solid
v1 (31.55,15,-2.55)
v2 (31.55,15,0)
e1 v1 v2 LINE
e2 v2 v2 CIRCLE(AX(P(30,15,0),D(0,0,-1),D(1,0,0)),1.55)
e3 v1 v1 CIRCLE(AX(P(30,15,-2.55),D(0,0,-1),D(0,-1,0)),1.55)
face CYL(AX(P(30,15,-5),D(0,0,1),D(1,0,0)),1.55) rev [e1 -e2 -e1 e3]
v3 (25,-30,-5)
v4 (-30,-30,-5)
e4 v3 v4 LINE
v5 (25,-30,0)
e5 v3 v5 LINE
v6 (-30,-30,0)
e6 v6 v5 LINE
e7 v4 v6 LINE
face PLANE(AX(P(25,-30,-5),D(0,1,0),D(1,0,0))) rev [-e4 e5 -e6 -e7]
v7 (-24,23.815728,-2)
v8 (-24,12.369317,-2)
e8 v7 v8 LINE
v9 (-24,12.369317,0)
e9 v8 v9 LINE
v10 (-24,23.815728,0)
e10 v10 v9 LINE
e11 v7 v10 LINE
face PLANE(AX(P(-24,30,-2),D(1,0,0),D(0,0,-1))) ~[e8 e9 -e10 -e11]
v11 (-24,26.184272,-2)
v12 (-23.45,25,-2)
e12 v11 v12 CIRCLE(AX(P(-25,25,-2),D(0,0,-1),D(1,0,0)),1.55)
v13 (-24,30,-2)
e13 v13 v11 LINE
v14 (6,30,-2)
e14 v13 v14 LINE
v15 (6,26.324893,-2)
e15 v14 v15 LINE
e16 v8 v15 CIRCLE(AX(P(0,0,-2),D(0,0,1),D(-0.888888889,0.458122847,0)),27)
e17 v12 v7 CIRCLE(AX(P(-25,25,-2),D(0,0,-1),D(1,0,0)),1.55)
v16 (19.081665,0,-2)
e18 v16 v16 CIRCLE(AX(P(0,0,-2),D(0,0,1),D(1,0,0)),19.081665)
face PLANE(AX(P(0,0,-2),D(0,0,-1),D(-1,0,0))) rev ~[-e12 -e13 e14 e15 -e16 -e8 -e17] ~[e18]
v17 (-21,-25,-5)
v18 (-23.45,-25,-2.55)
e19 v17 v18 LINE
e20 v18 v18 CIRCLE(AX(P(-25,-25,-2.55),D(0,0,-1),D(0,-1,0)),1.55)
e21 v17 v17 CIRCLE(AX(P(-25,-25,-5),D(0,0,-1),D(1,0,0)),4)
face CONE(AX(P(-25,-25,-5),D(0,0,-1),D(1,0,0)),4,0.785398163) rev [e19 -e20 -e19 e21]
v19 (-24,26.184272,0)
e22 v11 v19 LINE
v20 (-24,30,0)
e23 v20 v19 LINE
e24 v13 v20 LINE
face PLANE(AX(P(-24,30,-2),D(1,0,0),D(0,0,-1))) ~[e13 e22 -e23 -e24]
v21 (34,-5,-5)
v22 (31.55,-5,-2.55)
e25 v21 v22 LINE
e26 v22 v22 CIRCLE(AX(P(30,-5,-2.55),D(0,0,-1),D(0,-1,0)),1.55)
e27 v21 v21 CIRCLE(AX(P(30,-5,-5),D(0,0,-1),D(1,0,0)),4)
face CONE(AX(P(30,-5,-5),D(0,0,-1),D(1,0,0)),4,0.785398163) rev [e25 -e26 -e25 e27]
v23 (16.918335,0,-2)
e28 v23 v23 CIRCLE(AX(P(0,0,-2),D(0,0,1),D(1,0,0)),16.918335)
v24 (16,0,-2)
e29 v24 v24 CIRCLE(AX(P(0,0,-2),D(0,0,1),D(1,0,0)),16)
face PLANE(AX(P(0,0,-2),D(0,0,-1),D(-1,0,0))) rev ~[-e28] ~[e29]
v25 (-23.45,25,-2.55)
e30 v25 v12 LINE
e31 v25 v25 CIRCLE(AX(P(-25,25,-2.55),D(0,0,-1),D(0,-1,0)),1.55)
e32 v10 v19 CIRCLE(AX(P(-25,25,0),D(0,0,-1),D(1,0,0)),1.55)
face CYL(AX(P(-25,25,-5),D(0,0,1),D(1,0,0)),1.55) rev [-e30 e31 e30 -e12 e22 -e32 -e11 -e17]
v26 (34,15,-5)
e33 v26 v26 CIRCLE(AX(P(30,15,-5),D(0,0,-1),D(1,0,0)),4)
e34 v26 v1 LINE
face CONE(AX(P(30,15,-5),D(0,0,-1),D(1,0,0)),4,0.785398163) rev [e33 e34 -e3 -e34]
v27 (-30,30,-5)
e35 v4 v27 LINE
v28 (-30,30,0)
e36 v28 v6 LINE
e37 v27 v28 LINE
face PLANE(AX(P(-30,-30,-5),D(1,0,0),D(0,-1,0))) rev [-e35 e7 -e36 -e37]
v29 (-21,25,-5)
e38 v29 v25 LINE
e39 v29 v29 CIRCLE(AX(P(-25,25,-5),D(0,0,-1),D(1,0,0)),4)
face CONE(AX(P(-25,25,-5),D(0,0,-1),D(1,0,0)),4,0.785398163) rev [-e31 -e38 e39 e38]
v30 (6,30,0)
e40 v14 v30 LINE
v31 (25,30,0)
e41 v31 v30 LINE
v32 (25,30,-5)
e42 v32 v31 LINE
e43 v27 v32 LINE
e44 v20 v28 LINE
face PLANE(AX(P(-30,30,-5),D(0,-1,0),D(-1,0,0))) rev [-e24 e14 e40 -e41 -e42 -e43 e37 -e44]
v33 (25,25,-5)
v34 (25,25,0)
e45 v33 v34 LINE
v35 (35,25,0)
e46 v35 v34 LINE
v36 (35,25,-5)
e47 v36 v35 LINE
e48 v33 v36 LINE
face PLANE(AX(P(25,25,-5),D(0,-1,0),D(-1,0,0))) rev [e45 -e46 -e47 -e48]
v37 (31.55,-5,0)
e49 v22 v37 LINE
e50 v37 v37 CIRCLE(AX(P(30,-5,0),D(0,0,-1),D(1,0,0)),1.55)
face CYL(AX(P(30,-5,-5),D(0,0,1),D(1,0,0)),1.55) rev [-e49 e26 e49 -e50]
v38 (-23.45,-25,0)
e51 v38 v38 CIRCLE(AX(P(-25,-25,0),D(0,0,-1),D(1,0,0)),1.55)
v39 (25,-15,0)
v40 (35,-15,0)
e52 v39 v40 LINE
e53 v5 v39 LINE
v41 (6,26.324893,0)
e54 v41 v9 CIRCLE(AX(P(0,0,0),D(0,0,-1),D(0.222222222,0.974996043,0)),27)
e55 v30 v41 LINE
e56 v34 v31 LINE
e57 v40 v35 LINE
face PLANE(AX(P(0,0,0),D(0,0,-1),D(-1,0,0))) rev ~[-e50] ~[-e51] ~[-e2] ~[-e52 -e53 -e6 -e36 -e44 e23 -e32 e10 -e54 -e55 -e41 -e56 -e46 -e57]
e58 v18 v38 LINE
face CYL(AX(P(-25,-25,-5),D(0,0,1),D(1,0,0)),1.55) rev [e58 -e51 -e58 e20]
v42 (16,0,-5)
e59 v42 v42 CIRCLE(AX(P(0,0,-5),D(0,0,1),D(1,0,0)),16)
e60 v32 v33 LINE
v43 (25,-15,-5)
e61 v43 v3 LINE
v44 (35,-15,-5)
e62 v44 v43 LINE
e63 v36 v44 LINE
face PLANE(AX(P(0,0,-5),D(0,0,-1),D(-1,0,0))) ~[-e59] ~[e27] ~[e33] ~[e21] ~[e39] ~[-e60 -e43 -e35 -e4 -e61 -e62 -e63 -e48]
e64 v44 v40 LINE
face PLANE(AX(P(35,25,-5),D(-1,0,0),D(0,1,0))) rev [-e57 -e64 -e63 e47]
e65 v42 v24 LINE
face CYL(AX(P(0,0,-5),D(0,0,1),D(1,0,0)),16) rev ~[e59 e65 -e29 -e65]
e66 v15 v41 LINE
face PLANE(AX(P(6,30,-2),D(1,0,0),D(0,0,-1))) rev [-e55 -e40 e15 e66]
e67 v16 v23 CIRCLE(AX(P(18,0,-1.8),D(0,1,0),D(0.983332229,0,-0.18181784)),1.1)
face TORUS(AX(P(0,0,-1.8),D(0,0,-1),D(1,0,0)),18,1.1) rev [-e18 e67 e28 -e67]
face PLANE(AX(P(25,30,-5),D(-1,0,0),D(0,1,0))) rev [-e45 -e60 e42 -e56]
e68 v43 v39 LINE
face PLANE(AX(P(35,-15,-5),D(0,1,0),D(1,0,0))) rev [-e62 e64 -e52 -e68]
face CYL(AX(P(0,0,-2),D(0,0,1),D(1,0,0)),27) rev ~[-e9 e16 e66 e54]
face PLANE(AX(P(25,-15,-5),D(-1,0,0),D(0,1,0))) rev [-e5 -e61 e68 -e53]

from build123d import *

# Parameters (mm, degrees)
SKETCH007_W      = 229.65287
SKETCH007_H      = 196.321915
POCKET003_DEPTH  = 10
HOLE_D           = 3.1
HOLE_DEPTH       = 25
HOLE_CSINK_D     = 8
HOLE_CSINK_ANGLE = 90
SKETCH009_W      = 30
SKETCH009_H      = 2
POCKET004_DEPTH  = 30


with BuildPart() as bearing_outside:
    # Sketch003 → Revolution001 (revolve)
    with BuildSketch(Plane.XZ):
        with BuildLine():
            Line((27, 2), (27, 0))
            Line((27, 0), (50, 0))
            Line((50, 0), (50, 5))
            Line((50, 5), (16, 5))
            Line((16, 5), (16, 2))
            Line((16, 2), (16.918335, 2))
            ThreePointArc((19.081665, 2), (18, 2.9), (16.918335, 2))
            Line((19.081665, 2), (20, 2))
            Line((20, 2), (27, 2))
        make_face()
    revolve(axis=Axis((0, 0, 0), (0, 0, 1)))

    # Sketch007 (on Face6 of Revolution001) → Pocket003 (cut)
    with BuildSketch(Plane(origin=(0, 0, 5), x_dir=(-1, 0, 0), z_dir=(0, 0, 1))):
        with Locations((6.373165, -15.747734)):
            Rectangle(SKETCH007_W, SKETCH007_H)
        Polygon((30, 30), (30, -30), (-25, -30), (-25, -25), (-35, -25), (-35, 15), (-25, 15), (-25, 30), align=None, mode=Mode.SUBTRACT)
    extrude(amount=-POCKET003_DEPTH, mode=Mode.SUBTRACT)

    # Hole
    with Locations(Plane(origin=(0, 0, 5), x_dir=(-1, 0, 0), z_dir=(0, 0, 1))):
        with Locations((25, 25), (25, -25), (-30, -15), (-30, 5)):
            CounterSinkHole(HOLE_D / 2, HOLE_CSINK_D / 2, depth=HOLE_DEPTH, counter_sink_angle=HOLE_CSINK_ANGLE)

    # Sketch009 (on Face13 of Hole) → Pocket004 (cut)
    with BuildSketch(Plane(origin=(0, 30, 0), x_dir=(1, 0, 0), z_dir=(0, 1, 0))):
        with Locations((-9, -1)):
            Rectangle(SKETCH009_W, SKETCH009_H)
    extrude(amount=-POCKET004_DEPTH, mode=Mode.SUBTRACT)


with BuildPart() as part_mirroring:
    # Part__Mirroring: instance of bearing-outside
    add(bearing_outside.part.mirror(Plane(origin=(0, 0, 0), x_dir=(0, 1, 0), z_dir=(0, 0, 1))))


solid = part_mirroring.part
